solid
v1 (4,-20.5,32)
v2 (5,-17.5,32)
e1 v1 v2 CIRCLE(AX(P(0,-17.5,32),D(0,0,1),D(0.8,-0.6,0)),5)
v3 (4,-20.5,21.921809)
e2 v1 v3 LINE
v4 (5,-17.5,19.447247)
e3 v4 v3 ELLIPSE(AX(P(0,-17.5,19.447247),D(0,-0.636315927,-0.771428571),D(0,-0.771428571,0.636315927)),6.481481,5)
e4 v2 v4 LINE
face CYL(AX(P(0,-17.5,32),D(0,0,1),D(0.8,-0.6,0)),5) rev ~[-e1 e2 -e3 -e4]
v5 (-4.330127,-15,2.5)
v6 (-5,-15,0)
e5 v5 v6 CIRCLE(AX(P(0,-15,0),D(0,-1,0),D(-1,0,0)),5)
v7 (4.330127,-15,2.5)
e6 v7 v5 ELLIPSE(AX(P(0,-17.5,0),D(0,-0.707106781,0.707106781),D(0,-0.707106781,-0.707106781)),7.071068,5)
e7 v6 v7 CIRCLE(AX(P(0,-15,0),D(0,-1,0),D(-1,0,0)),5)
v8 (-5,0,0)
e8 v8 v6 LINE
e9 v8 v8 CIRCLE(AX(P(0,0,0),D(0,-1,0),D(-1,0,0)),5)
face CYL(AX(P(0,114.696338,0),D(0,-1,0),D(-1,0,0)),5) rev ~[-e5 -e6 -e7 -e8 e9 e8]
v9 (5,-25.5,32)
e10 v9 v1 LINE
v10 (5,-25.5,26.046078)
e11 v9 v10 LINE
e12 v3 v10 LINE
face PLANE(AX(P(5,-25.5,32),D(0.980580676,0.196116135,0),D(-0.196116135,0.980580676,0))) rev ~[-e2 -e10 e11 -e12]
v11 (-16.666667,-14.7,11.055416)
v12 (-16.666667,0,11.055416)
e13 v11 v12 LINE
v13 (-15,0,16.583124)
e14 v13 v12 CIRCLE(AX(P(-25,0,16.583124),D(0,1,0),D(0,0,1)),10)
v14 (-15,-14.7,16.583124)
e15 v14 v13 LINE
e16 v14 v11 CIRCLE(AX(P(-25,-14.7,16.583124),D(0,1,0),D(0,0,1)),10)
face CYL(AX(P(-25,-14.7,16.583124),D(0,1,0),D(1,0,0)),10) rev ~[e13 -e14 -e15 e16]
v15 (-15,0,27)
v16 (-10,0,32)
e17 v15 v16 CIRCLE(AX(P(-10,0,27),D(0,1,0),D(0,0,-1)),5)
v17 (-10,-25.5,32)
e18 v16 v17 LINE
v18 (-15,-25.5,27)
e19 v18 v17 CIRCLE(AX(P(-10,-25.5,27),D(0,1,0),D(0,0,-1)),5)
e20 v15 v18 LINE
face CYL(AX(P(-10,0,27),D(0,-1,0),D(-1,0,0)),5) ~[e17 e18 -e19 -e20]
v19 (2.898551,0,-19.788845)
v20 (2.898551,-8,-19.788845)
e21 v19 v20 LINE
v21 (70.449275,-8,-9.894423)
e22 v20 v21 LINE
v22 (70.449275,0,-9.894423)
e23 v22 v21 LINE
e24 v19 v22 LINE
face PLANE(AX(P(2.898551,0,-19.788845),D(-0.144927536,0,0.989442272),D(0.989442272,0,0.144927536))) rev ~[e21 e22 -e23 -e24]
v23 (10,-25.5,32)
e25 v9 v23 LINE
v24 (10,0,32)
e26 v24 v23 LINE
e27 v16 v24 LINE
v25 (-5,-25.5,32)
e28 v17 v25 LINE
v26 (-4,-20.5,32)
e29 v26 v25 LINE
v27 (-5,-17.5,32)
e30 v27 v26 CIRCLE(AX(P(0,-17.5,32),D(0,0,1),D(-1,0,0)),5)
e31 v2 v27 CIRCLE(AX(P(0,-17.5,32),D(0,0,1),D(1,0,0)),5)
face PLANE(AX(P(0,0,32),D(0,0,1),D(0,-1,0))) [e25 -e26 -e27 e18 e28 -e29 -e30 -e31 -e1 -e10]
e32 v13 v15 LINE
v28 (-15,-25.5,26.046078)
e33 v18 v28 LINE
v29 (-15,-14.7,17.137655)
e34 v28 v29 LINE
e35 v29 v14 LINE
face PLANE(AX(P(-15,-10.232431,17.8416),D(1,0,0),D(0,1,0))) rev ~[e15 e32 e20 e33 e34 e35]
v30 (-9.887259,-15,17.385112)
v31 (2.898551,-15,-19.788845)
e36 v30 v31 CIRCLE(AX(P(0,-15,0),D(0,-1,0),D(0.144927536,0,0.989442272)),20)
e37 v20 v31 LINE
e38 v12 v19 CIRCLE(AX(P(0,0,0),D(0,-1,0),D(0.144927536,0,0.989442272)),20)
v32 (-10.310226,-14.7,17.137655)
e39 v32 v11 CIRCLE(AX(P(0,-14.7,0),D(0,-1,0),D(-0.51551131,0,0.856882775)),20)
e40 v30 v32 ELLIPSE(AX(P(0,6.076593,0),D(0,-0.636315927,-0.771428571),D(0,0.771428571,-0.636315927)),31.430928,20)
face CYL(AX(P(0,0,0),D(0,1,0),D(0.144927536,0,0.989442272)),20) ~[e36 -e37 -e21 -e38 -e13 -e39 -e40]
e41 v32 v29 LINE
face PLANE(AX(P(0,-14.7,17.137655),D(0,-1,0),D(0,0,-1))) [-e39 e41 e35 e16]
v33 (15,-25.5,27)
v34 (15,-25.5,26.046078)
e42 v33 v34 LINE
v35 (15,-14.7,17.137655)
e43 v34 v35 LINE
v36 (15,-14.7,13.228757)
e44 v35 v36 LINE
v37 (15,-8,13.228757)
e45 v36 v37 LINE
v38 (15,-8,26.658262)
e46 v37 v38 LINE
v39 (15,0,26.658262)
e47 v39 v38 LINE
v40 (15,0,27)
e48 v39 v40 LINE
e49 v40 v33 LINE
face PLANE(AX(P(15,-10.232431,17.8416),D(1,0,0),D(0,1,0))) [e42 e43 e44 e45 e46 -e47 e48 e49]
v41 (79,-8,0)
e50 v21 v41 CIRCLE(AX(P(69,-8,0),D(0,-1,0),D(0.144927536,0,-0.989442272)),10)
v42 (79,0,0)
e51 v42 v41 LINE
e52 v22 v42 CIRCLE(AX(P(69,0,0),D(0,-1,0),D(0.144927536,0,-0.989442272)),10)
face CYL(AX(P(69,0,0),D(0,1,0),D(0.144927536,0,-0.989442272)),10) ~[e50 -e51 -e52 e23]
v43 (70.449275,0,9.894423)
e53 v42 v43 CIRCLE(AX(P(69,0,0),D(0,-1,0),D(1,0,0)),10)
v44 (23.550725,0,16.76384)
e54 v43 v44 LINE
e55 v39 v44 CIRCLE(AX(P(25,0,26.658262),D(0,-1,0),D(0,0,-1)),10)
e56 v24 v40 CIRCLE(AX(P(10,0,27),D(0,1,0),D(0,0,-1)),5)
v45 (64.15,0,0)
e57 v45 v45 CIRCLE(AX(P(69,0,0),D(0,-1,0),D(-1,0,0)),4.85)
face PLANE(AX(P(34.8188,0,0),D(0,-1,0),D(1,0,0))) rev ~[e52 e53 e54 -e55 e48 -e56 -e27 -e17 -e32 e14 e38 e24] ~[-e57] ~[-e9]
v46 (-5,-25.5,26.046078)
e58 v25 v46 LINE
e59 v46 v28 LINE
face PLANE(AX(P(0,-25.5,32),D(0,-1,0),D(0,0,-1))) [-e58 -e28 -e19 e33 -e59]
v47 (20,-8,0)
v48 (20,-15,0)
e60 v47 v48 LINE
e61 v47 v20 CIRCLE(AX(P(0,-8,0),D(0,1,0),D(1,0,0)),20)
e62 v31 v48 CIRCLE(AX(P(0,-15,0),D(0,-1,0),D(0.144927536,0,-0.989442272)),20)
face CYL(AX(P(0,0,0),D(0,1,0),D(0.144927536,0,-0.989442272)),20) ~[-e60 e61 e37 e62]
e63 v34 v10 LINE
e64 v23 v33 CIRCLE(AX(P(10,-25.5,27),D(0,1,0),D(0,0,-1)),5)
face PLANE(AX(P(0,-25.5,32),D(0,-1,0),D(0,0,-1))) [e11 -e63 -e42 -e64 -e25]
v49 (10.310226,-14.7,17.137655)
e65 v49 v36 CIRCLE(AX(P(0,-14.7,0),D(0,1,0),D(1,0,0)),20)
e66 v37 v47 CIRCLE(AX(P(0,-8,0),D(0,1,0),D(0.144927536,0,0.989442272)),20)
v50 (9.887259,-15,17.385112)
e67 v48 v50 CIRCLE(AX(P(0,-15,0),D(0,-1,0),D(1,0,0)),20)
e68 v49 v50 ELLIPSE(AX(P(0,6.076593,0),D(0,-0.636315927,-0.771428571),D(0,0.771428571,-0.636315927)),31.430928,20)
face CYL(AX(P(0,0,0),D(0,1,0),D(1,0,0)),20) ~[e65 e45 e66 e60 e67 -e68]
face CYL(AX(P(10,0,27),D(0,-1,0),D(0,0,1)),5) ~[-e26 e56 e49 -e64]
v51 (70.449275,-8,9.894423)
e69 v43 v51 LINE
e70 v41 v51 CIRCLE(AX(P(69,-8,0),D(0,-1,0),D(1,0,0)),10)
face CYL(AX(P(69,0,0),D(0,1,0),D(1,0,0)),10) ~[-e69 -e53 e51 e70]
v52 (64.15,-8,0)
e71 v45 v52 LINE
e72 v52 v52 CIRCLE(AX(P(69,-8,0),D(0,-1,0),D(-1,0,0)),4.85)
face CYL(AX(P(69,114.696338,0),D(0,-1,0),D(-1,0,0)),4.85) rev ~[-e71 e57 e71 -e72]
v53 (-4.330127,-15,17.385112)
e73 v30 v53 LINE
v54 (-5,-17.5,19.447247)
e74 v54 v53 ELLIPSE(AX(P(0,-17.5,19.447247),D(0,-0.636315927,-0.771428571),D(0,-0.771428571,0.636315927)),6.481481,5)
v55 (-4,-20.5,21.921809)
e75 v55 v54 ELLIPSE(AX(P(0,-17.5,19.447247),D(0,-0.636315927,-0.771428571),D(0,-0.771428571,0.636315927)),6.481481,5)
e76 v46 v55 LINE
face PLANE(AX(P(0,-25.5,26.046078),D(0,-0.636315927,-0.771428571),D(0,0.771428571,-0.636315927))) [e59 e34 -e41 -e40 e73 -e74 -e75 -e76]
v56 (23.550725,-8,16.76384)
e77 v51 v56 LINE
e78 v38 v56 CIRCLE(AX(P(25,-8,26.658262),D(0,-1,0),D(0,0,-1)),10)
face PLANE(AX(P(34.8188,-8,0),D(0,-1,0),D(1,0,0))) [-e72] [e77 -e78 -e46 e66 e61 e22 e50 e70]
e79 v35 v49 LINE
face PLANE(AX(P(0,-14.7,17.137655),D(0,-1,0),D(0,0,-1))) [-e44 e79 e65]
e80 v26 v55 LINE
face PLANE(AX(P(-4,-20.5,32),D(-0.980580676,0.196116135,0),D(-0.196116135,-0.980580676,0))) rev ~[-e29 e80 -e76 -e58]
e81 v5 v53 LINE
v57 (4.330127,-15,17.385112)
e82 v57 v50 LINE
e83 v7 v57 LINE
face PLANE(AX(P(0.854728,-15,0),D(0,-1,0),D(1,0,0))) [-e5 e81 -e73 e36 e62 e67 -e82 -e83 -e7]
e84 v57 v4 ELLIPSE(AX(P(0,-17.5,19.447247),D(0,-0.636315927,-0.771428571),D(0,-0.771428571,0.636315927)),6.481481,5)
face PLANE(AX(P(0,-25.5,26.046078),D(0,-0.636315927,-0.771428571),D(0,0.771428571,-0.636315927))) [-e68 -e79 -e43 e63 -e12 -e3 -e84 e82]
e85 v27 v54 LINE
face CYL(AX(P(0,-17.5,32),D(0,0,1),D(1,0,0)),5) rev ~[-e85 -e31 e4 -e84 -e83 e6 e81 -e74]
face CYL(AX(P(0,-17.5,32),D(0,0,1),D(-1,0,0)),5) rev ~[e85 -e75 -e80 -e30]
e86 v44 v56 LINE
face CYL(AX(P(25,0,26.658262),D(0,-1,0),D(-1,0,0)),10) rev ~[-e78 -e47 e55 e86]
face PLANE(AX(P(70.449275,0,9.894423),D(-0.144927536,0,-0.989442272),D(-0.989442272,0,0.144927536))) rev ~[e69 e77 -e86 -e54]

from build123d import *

# Parameters (mm, degrees)
F1_DEPTH = 15
F2_DEPTH = 8
F4_DEPTH = 15
F5_D     = 9.7
F6_D     = 10
F8_DEPTH = 29.501
F9_R     = 5
F10_R    = 10


with BuildPart() as f1:
    # F0 (on Front) → F1 (new body)
    with BuildSketch(Plane.XZ):
        with BuildLine():
            ThreePointArc((2.8985507246, -19.7888454362), (15.1322670888, -13.0772509632), (20, 0))
            ThreePointArc((20, 0), (15.1322670888, 13.0772509632), (2.8985507246, 19.7888454362))
            ThreePointArc((2.8985507246, 19.7888454362), (-20, 0), (2.8985507246, -19.7888454362))
        make_face()
    extrude(amount=F1_DEPTH)

    # F0 (on Front) → F2 (join)
    with BuildSketch(Plane.XZ):
        with BuildLine():
            ThreePointArc((2.8985507246, 19.7888454362), (15.1322670888, 13.0772509632), (20, 0))
            ThreePointArc((20, 0), (15.1322670888, -13.0772509632), (2.8985507246, -19.7888454362))
            Line((2.8985507246, -19.7888454362), (70.4492753623, -9.8944227181))
            ThreePointArc((70.4492753623, -9.8944227181), (59, 0), (70.4492753623, 9.8944227181))
            Line((70.4492753623, 9.8944227181), (2.8985507246, 19.7888454362))
        make_face()
        with BuildLine():
            ThreePointArc((79, 0), (76.5661335444, 6.5386254816), (70.4492753623, 9.8944227181))
            ThreePointArc((70.4492753623, 9.8944227181), (59, 0), (70.4492753623, -9.8944227181))
            ThreePointArc((70.4492753623, -9.8944227181), (76.5661335444, -6.5386254816), (79, 0))
        make_face()
    extrude(amount=F2_DEPTH)

    # F3 (on Right) → F4 (join, symmetric)
    with BuildSketch(Plane.YZ):
        Polygon((-14.7, 0), (0, 0), (0, 32), (-25.5, 32), (-25.5, 26.0460784735), (-14.7, 17.137655493), align=None)
    extrude(amount=F4_DEPTH, both=True)

    # F5 (through all)
    with Locations(Plane(origin=(0, 0, 0), x_dir=(1, 0, 0), z_dir=(0, 1, 0))):
        with Locations((69, 0)):
            Hole(F5_D / 2)

    # F6 (through all)
    with Locations(Plane(origin=(0, 0, 0), x_dir=(1, 0, 0), z_dir=(0, 1, 0))):
        with Locations((0, 0)):
            Hole(F6_D / 2)

    # F7 (on face) → F8 (cut, through all)
    with BuildSketch(Plane.XY.offset(32)):
        with BuildLine():
            Line((-5, -25.5), (5, -25.5))
            Line((5, -25.5), (4, -20.5))
            ThreePointArc((4, -20.5), (4.7434164903, -19.0811388301), (5, -17.5))
            ThreePointArc((5, -17.5), (0, -12.5), (-5, -17.5))
            ThreePointArc((-5, -17.5), (-4.7434164903, -19.0811388301), (-4, -20.5))
            Line((-4, -20.5), (-5, -25.5))
        make_face()
    extrude(amount=-F8_DEPTH, mode=Mode.SUBTRACT)

    # F9
    f9_edges = [f1.edges().sort_by_distance(p)[0] for p in [
        (15, -12.75, 32),
        (-15, -12.75, 32),
    ]]
    fillet(f9_edges, radius=F9_R)

    # F10
    f10_edges = [f1.edges().sort_by_distance(p)[0] for p in [
        (15, -4, 18.016298),
        (-15, -7.35, 13.228757),
    ]]
    fillet(f10_edges, radius=F10_R)


solid = f1.part
